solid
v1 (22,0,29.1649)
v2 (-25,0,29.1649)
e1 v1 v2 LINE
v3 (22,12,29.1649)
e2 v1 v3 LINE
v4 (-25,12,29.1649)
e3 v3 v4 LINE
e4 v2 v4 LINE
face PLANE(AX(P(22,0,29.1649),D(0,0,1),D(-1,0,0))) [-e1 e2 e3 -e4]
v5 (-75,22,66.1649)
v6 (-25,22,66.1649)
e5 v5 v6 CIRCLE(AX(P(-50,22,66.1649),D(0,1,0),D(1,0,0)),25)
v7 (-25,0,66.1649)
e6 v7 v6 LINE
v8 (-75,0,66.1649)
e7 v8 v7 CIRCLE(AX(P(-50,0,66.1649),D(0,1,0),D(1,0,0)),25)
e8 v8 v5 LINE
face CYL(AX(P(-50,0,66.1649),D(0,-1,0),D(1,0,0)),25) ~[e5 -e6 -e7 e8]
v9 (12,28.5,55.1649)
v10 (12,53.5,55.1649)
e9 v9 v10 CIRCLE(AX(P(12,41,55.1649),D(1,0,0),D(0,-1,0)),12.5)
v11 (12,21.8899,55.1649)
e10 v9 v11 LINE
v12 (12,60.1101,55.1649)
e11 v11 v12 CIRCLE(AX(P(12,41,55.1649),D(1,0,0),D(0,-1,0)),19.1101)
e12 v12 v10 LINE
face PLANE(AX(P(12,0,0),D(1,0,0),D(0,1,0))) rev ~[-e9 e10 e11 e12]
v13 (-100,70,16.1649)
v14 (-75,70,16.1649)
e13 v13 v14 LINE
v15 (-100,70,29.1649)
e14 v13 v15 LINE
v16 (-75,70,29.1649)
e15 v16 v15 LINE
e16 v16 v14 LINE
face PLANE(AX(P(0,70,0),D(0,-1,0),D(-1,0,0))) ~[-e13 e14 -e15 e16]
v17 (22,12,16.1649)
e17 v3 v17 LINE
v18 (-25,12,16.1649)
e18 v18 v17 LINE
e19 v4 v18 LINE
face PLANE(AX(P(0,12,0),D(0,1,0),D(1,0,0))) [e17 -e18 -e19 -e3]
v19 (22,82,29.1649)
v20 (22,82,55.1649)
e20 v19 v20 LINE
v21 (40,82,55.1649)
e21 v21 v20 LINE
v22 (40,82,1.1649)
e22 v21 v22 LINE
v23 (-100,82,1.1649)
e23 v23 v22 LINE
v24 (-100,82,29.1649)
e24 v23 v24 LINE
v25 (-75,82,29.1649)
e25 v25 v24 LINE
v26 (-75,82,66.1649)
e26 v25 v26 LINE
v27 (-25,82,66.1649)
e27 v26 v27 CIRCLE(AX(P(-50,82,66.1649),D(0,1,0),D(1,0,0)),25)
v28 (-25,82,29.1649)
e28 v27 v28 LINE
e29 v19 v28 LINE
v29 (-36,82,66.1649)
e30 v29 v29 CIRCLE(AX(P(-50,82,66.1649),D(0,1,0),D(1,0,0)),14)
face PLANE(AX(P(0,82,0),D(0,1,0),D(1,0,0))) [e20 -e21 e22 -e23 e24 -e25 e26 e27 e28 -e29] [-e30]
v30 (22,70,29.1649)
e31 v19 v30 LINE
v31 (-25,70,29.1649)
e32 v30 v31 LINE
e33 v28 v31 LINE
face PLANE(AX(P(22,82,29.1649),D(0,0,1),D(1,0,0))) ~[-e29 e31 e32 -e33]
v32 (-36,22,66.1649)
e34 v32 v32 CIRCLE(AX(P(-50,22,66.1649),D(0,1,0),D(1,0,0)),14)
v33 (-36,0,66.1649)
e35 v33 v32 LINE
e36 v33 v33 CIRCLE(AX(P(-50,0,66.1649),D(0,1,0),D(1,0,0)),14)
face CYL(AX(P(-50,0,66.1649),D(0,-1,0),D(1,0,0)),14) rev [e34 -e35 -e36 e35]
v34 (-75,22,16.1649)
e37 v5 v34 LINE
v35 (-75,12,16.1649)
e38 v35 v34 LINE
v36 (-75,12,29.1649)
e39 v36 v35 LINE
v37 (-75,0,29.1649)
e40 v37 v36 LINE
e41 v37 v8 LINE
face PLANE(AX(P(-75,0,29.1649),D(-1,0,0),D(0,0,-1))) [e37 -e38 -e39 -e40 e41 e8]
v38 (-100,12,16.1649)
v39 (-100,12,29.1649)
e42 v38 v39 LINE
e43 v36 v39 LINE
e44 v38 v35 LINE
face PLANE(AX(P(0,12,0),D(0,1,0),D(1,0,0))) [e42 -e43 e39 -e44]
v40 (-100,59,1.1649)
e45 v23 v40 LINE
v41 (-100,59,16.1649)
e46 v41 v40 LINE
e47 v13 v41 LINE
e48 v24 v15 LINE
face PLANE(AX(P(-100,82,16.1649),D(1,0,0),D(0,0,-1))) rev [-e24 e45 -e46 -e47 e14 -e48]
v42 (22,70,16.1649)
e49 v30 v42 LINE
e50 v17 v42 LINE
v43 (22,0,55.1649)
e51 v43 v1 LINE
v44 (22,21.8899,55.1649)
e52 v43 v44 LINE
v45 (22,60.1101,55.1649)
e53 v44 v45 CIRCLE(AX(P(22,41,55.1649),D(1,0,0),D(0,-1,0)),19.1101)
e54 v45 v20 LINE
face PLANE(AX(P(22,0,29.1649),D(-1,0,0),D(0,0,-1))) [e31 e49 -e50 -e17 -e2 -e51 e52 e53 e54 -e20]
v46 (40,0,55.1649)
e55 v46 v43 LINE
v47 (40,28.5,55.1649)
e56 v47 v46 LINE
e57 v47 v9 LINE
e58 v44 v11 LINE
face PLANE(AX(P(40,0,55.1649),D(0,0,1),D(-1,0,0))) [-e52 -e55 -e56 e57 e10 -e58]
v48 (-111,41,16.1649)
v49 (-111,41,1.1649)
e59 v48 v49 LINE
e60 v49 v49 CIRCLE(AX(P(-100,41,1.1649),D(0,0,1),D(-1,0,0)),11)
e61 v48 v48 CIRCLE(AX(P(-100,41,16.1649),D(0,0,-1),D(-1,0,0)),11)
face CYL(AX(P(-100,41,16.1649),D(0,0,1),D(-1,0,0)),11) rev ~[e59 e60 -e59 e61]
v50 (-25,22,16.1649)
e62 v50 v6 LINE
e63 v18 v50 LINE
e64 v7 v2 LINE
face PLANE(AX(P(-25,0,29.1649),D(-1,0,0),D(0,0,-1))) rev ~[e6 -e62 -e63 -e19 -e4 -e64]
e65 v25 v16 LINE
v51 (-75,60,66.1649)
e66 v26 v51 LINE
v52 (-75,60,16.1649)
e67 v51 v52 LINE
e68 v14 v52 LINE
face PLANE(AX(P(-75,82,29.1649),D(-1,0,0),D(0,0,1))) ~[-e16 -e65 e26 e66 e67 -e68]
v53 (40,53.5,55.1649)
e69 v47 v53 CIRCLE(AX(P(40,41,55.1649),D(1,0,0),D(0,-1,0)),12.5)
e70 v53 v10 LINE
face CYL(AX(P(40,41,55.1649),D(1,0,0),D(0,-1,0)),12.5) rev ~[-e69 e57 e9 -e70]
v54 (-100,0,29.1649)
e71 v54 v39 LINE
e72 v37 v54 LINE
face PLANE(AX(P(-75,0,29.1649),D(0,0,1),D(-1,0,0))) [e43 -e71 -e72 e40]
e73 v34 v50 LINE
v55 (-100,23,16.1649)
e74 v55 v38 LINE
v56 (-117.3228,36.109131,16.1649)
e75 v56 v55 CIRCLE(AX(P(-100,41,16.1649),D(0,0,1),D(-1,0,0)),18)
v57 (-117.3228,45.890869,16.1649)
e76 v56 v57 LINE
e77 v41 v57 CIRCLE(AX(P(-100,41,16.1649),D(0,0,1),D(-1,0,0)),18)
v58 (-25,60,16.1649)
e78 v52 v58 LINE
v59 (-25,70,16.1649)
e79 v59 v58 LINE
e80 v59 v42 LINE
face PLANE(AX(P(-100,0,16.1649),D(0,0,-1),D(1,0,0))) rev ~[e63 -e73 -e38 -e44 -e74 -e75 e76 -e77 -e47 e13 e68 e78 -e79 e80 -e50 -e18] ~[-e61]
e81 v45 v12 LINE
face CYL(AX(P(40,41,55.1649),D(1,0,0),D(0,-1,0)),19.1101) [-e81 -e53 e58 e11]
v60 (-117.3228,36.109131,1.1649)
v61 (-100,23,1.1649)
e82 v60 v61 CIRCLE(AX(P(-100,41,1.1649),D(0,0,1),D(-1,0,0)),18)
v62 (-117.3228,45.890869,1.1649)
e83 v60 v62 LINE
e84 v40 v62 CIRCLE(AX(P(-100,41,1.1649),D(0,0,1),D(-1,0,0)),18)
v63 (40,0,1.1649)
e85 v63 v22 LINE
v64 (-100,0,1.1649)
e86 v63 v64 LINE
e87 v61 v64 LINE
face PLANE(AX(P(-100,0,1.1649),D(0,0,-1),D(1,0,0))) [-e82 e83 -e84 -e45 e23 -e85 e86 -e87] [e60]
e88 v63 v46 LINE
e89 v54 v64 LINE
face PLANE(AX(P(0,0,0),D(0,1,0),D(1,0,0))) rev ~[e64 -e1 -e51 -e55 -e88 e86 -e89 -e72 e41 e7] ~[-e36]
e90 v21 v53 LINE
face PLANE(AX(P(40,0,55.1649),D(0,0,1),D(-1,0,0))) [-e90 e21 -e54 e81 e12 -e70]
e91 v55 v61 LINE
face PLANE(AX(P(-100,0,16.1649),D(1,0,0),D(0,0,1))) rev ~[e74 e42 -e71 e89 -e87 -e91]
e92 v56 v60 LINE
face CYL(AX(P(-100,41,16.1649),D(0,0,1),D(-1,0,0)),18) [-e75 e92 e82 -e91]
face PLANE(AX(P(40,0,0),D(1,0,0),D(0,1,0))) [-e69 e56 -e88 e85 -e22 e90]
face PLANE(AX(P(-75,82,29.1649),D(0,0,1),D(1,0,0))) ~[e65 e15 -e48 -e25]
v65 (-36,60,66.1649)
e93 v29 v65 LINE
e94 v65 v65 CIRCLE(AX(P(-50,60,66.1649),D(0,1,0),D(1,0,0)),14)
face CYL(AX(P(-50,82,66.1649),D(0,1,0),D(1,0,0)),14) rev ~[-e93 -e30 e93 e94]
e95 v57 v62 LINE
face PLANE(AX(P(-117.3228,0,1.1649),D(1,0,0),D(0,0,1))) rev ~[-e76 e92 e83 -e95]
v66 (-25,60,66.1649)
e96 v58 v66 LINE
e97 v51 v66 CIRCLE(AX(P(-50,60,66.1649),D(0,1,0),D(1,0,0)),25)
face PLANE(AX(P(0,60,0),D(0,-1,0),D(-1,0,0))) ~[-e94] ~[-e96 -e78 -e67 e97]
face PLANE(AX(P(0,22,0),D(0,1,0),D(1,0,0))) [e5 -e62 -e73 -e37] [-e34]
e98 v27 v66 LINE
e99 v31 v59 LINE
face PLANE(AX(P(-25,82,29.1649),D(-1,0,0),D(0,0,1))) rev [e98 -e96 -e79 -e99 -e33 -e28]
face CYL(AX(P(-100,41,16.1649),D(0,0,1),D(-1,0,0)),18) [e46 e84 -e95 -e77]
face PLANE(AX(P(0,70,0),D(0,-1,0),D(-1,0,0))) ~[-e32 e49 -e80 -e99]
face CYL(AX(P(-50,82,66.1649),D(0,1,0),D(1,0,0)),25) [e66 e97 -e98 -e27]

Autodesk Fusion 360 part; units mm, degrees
sketch "Sketch1" plane through (0, 0, 0) normal (0, 1, 0) x (1, 0, 0)
  line L0 (-100, -1.1649) -> (40, -1.1649)
  line L1 (40, -1.1649) -> (40, -55.1649)
  line L2 (40, -55.1649) -> (22, -55.1649)
  line L3 (-100, -1.1649) -> (-100, -29.1649)
  line L4 (22, -55.1649) -> (22, -29.1649)
  circle A0 centre (-50, -66.1649) radius 25
  circle A1 centre (-50, -66.1649) radius 14
  line L5 (-25, -66.1649) -> (-25, -29.1649)
  line L6 (-75, -66.1649) -> (-75, -29.1649)
  line L7 (22, -29.1649) -> (-25, -29.1649)
  line L8 (-75, -29.1649) -> (-100, -29.1649)
  line L9 (22, -29.1649) -> (40, -29.1649)
  line L10 (-100, -1.1649) -> (-117.3228, -1.1649)
  line L11 (-117.3228, -1.1649) -> (-117.3228, -16.1649)
  line L12 (-117.3228, -16.1649) -> (-100, -16.1649)
  line L13 (-100, -16.1649) -> (40, -16.1649)
  line L14 (-75, -29.1649) -> (-75, -1.1649)
  line L15 (-25, -29.1649) -> (-25, -1.1649)
  line L16 (22, -29.1649) -> (22, -1.1649)
  dimension "d1" = 140
  dimension "d2" = 54
  dimension "d3" = 18
  dimension "d6" = 28
  dimension "d7" = 50
  dimension "d8" = 28
  dimension "d9" = 65
  dimension "d10" = 90
  dimension "d11" = 15
extrude "Extrude1" add sketch "Sketch1" along normal blind 82 contours L0 L3 L13 L14 | L3 L10 L11 L12 | L0 L13 L14 L15 | L0 L13 L15 L16 | L0 L1 L13 L16 | L1 L9 L13 L16 | L1 L2 L4 L9
extrude "Extrude2" add sketch "Sketch1" along normal blind 12 contours L3 L8 L13 L14 | L7 L13 L15 L16
extrude "Extrude3" add sketch "Sketch1" along normal blind 22 contours A0 L5 L6 L13 L14 L15 | A0
ref_plane "WorkPlane1" through (-38.6614, 41, 28.1649) normal (0, 1, 0) x (0, 0, 1)
mirror "Mirror1" about plane through (-38.6614, 41, 28.1649) normal (0, 1, 0) of "Extrude3"
mirror "Mirror2" about plane through (-38.6614, 41, 28.1649) normal (0, 1, 0) of "Extrude2"
sketch "Sketch2" plane through (40, 0, 0) normal (1, 0, 0) x (0, 1, 0)
  line L0 (0, 55.1649) -> (0, 1.1649)
  line L1 (0, 1.1649) -> (82, 1.1649)
  line L2 (82, 1.1649) -> (82, 55.1649)
  line L3 (82, 55.1649) -> (0, 55.1649)
  arc A0 (28.5, 55.1649) -> (53.5, 55.1649) centre (41, 55.1649) ccw
  arc A1 (21.8899, 55.1649) -> (60.1101, 55.1649) centre (41, 55.1649) ccw
  dimension "d22" = 25
extrude "Extrude4" add sketch "Sketch2" against normal blind 28 contours L3 A0 A1
extrude "Extrude5" cut sketch "Sketch2" against normal blind 28 contours L3 A0
sketch "Sketch3" plane through (0, 0, 16.1649) normal (0, 0, 1) x (-1, 0, 0)
  line L0 (-22, -70) -> (25, -70)
  line L1 (25, -70) -> (25, -60)
  line L2 (25, -60) -> (75, -60)
  line L3 (75, -60) -> (75, -70)
  line L4 (75, -70) -> (100, -70)
  line L5 (100, -70) -> (100, -82)
  line L6 (100, -82) -> (117.3228, -82)
  line L7 (117.3228, -82) -> (117.3228, 0)
  line L8 (117.3228, 0) -> (100, 0)
  line L9 (100, 0) -> (100, -12)
  line L10 (100, -12) -> (75, -12)
  line L11 (75, -12) -> (75, -22)
  line L12 (75, -22) -> (25, -22)
  line L13 (25, -22) -> (25, -12)
  line L14 (25, -12) -> (-22, -12)
  line L15 (-22, -12) -> (-22, -70)
  line L16 (100, -12) -> (100, -70) construction
  line L17 (117.3228, -41) -> (75, -41) construction
  circle A0 centre (100, -41) radius 11
  circle A1 centre (100, -41) radius 18
  line L18 (100, -12) -> (100, -70)
  dimension "d27" = 22
  dimension "d28" = 36
extrude "Extrude6" cut sketch "Sketch3" against normal blind 30 contours L5 L6 L7 A1 L18 | L7 L8 L9 A1 L18
extrude "Extrude7" cut sketch "Sketch3" against normal blind 25 contours A0 L18 | A0 L18
equation "d28 = 18 mm + 18 mm"
